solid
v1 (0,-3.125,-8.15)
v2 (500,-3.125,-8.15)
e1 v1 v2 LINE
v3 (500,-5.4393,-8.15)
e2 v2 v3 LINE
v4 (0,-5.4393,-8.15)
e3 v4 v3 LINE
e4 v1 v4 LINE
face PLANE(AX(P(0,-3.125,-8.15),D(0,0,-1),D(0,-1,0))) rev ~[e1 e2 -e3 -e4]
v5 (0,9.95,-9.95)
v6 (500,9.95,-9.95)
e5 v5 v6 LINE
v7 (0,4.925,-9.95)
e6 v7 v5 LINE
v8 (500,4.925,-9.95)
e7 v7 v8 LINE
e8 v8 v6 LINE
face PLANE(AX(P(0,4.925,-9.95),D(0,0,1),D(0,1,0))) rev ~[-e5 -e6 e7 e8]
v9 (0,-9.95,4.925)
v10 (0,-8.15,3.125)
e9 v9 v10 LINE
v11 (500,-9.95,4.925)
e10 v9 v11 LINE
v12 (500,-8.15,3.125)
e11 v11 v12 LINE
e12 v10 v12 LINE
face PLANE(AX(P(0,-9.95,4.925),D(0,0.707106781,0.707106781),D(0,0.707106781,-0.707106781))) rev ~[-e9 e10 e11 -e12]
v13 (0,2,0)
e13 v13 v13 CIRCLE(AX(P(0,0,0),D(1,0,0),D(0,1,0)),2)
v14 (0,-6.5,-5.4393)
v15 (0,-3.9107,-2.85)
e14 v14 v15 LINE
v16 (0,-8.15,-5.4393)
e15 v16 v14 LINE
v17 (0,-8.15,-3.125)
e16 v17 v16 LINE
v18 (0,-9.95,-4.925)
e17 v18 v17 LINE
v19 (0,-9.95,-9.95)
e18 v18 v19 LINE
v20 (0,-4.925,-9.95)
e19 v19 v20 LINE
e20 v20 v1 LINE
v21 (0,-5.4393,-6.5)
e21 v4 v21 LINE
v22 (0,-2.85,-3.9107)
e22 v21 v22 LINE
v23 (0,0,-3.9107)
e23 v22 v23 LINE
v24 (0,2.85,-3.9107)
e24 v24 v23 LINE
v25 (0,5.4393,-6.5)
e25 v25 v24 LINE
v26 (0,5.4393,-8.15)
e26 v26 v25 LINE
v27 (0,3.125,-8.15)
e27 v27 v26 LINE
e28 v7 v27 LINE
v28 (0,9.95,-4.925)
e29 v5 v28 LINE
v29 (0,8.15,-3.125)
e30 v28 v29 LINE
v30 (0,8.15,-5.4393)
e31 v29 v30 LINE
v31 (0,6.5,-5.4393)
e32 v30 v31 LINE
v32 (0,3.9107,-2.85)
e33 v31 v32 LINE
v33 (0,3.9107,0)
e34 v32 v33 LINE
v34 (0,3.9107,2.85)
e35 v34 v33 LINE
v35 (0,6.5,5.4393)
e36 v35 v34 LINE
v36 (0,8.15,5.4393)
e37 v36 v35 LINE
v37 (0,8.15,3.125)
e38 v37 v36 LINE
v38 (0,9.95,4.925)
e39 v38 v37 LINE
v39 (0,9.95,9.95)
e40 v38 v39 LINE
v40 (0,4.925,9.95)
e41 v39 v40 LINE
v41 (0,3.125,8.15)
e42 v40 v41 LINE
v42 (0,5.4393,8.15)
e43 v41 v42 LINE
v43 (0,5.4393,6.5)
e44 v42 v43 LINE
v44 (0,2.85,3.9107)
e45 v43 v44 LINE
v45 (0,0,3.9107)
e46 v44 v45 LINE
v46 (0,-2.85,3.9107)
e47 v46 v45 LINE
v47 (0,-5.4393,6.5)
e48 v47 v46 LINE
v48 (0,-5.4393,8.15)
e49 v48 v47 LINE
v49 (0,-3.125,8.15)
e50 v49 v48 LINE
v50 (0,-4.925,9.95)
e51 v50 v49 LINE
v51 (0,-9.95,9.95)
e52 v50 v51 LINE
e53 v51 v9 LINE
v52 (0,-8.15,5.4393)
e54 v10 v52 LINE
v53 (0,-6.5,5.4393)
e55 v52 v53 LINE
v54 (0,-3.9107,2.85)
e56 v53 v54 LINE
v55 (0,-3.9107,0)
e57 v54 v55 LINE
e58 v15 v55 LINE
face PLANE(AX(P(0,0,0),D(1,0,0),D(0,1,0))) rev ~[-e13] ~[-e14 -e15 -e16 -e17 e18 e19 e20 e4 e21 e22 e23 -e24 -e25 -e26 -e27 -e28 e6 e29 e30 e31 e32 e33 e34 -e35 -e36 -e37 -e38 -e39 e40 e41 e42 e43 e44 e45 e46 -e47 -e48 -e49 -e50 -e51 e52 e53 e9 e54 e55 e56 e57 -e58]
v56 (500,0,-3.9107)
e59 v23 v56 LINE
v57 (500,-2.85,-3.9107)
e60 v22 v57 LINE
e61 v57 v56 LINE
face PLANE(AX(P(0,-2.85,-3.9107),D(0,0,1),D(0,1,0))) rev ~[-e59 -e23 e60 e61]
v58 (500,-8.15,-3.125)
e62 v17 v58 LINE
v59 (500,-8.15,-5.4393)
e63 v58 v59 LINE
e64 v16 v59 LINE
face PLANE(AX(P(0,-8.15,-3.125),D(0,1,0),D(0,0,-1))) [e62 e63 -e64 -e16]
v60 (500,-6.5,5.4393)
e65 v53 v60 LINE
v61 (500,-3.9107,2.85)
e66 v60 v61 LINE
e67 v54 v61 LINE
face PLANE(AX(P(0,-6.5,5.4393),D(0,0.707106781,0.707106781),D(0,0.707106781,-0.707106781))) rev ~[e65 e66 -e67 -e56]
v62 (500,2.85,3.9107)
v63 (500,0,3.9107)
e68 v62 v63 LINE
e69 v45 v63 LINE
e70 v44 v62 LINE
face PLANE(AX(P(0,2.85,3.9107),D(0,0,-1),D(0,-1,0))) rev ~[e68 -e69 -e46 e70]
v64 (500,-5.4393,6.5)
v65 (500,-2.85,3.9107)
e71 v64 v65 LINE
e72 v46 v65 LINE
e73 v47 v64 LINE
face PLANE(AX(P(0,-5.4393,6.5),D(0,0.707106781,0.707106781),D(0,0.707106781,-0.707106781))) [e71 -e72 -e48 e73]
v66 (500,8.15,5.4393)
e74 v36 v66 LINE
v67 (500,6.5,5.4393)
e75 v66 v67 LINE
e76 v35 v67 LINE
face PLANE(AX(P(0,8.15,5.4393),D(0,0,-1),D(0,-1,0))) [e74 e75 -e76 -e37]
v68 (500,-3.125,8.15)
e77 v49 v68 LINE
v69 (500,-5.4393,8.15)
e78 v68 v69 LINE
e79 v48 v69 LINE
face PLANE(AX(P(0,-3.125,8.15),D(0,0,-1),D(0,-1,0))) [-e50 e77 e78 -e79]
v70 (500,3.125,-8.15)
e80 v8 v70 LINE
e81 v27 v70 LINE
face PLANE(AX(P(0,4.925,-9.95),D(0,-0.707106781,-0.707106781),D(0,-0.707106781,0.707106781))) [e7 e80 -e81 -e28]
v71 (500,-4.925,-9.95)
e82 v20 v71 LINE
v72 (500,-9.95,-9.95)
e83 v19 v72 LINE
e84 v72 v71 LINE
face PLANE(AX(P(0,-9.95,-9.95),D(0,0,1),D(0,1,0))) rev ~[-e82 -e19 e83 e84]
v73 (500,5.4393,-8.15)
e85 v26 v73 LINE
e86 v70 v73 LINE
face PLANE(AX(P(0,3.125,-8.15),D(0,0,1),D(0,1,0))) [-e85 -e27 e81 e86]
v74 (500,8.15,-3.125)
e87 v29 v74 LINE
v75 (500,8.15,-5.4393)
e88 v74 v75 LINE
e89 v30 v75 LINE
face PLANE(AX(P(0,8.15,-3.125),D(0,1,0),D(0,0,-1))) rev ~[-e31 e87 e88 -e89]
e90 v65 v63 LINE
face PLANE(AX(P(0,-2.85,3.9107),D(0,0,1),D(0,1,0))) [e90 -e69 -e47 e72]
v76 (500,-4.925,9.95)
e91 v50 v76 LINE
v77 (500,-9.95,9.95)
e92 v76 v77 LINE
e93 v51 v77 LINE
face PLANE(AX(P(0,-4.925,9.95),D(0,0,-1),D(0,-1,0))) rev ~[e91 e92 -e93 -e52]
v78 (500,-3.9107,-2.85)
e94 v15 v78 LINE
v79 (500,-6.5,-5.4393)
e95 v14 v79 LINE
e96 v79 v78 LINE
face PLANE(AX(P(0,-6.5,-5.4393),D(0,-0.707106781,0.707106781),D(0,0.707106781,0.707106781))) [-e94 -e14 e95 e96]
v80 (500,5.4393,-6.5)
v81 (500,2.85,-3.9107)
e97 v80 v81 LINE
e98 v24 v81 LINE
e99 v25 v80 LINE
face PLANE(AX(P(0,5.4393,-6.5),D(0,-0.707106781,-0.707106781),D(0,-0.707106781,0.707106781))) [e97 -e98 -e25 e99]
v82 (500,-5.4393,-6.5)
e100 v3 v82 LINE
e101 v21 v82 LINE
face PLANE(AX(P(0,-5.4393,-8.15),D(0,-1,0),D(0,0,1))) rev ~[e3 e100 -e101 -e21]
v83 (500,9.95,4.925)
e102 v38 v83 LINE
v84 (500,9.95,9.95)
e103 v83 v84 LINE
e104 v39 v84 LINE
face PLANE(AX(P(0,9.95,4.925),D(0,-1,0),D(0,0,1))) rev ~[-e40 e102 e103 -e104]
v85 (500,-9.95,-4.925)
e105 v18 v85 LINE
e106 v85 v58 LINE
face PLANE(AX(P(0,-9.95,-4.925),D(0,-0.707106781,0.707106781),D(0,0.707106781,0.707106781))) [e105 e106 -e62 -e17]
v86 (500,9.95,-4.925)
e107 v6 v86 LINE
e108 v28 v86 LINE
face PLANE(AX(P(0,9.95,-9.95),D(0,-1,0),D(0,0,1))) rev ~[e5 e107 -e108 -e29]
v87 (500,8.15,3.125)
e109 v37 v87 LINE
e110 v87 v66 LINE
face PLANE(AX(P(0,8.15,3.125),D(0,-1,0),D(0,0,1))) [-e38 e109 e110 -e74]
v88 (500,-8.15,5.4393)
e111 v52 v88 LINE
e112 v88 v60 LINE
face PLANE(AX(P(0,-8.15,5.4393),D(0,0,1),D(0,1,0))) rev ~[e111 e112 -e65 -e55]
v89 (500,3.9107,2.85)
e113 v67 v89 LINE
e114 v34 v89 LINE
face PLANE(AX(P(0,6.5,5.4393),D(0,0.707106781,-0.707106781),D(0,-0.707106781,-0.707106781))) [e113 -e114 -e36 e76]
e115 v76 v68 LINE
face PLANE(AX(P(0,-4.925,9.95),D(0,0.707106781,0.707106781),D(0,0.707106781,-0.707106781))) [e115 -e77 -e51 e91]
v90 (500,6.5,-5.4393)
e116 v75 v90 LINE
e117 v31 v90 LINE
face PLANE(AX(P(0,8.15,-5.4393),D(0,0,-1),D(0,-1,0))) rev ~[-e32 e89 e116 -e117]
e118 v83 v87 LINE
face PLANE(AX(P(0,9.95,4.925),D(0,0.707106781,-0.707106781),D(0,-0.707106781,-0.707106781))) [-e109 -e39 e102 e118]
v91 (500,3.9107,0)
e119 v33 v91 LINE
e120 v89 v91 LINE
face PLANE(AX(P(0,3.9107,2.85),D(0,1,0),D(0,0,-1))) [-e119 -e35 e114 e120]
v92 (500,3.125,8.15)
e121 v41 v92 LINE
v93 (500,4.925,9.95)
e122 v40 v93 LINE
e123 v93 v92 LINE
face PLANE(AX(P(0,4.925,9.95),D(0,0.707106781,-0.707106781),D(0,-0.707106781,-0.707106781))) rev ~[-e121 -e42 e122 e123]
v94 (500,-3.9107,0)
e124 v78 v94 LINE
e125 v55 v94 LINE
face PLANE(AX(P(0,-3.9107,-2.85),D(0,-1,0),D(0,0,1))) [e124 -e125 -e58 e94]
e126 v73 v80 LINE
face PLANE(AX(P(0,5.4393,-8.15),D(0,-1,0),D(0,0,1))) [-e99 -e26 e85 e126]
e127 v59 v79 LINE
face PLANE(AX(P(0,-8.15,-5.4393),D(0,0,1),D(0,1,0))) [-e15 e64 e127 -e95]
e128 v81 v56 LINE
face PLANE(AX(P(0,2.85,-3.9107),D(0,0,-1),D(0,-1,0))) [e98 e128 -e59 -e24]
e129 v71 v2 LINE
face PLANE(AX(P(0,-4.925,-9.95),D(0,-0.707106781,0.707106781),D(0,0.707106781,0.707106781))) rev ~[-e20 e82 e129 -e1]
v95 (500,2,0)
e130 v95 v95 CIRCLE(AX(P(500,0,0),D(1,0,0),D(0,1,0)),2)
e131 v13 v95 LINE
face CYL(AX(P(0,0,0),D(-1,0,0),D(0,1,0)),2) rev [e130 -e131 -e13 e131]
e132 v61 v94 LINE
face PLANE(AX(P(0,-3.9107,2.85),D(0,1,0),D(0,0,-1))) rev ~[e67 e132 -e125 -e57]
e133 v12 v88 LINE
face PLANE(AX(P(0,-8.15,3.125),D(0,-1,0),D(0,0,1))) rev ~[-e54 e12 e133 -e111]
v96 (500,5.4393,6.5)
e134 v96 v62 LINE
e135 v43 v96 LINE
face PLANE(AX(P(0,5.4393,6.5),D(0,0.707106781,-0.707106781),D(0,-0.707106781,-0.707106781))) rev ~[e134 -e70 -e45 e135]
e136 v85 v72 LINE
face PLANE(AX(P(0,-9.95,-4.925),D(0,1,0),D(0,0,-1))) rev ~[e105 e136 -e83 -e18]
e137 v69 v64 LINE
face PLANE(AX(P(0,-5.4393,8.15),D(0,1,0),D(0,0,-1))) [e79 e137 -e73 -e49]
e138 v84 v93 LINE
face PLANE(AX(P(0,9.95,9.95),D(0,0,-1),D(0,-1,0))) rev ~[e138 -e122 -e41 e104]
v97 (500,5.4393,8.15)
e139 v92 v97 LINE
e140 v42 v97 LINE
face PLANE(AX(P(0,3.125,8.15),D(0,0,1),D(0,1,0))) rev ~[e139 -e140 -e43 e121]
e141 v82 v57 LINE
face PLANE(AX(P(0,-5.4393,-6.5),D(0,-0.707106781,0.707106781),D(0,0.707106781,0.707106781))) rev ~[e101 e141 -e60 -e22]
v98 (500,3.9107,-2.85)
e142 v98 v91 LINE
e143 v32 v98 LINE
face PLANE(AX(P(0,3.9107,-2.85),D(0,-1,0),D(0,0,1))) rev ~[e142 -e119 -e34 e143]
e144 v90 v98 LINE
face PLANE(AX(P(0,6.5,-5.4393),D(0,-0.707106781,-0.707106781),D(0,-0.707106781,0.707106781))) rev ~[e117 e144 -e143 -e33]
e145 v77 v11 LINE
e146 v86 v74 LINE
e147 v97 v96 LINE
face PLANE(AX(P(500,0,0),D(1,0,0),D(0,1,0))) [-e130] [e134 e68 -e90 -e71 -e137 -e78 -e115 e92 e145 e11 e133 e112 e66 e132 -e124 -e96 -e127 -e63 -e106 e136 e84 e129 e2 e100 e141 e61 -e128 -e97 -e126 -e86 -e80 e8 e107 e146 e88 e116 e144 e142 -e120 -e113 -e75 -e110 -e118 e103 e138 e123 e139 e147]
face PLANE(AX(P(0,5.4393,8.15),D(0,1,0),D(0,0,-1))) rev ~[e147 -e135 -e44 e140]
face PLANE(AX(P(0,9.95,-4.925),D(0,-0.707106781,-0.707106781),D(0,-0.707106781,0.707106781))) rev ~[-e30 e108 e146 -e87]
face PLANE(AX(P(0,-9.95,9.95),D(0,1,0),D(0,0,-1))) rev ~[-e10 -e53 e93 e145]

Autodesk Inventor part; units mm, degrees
ref_plane "YZ Plane" through (0, 0, 0) normal (1, 0, 0) x (0, 1, 0)
ref_plane "XZ Plane" through (0, 0, 0) normal (0, 1, 0) x (-1, 0, 0)
ref_plane "XY Plane" through (0, 0, 0) normal (0, 0, 1) x (1, 0, 0)
sketch "Sketch1" plane through (0, 0, 0) normal (1, 0, 0) x (0, 1, 0)
  line L0 (-9.95, -9.95) -> (9.95, -9.95) construction
  line L1 (9.95, 9.95) -> (-9.95, 9.95) construction
  line L2 (-9.95, 9.95) -> (-9.95, -9.95) construction
  line L3 (-9.95, -9.95) -> (9.95, 9.95) construction
  line L4 (9.95, -9.95) -> (-9.95, 9.95) construction
  line L5 (9.95, 4.925) -> (8.15, 3.125)
  line L6 (8.15, 3.125) -> (8.15, 5.4393)
  line L7 (8.15, 5.4393) -> (6.5, 5.4393)
  line L8 (6.5, 5.4393) -> (3.9107, 2.85)
  line L9 (3.9107, 2.85) -> (3.9107, 0)
  line L10 (9.95, -4.925) -> (8.15, -3.125)
  line L11 (8.15, -3.125) -> (8.15, -5.4393)
  line L12 (3.9107, -2.85) -> (3.9107, 0)
  line L13 (0, 0) -> (6.8658, 0) construction
  line L14 (8.15, -5.4393) -> (6.5, -5.4393)
  line L15 (6.5, -5.4393) -> (3.9107, -2.85)
  circle A0 centre (0, 0) radius 2
  line L16 (9.95, -9.95) -> (9.95, -4.925)
  line L17 (9.95, 4.925) -> (9.95, 9.95)
  line L18 (-4.925, 9.95) -> (-9.95, 9.95)
  line L19 (-4.925, 9.95) -> (-3.125, 8.15)
  line L20 (-5.4393, 6.5) -> (-2.85, 3.9107)
  line L21 (-5.4393, 8.15) -> (-5.4393, 6.5)
  line L22 (-3.125, 8.15) -> (-5.4393, 8.15)
  line L23 (-2.85, 3.9107) -> (0, 3.9107)
  line L24 (2.85, 3.9107) -> (0, 3.9107)
  line L25 (5.4393, 6.5) -> (2.85, 3.9107)
  line L26 (5.4393, 8.15) -> (5.4393, 6.5)
  line L27 (3.125, 8.15) -> (5.4393, 8.15)
  line L28 (4.925, 9.95) -> (3.125, 8.15)
  line L29 (9.95, 9.95) -> (4.925, 9.95)
  line L30 (-9.95, -4.925) -> (-9.95, -9.95)
  line L31 (-9.95, -4.925) -> (-8.15, -3.125)
  line L32 (-6.5, -5.4393) -> (-3.9107, -2.85)
  line L33 (-8.15, -5.4393) -> (-6.5, -5.4393)
  line L34 (-8.15, -3.125) -> (-8.15, -5.4393)
  line L35 (-3.9107, -2.85) -> (-3.9107, 0)
  line L36 (-3.9107, 2.85) -> (-3.9107, 0)
  line L37 (-6.5, 5.4393) -> (-3.9107, 2.85)
  line L38 (-8.15, 5.4393) -> (-6.5, 5.4393)
  line L39 (-8.15, 3.125) -> (-8.15, 5.4393)
  line L40 (-9.95, 4.925) -> (-8.15, 3.125)
  line L41 (-9.95, 9.95) -> (-9.95, 4.925)
  line L42 (4.925, -9.95) -> (9.95, -9.95)
  line L43 (4.925, -9.95) -> (3.125, -8.15)
  line L44 (5.4393, -6.5) -> (2.85, -3.9107)
  line L45 (5.4393, -8.15) -> (5.4393, -6.5)
  line L46 (3.125, -8.15) -> (5.4393, -8.15)
  line L47 (2.85, -3.9107) -> (0, -3.9107)
  line L48 (-2.85, -3.9107) -> (0, -3.9107)
  line L49 (-5.4393, -6.5) -> (-2.85, -3.9107)
  line L50 (-5.4393, -8.15) -> (-5.4393, -6.5)
  line L51 (-3.125, -8.15) -> (-5.4393, -8.15)
  line L52 (-4.925, -9.95) -> (-3.125, -8.15)
  line L53 (-9.95, -9.95) -> (-4.925, -9.95)
  dimension "d0" = 19.9
  dimension "d1" = 19.9
  dimension "d3" = 6.25
  dimension "d4" = 5.7
  dimension "d5" = 0.75
  dimension "d7" = 4
  dimension "d8" = 1.8
  dimension "d9" = 45
  dimension "d10" = 1.65
  dimension "d13" = 360
extrude "Extrusion1" add sketch "Sketch1" along normal blind 500
properties part number "V Extrustion 20x500mm"
